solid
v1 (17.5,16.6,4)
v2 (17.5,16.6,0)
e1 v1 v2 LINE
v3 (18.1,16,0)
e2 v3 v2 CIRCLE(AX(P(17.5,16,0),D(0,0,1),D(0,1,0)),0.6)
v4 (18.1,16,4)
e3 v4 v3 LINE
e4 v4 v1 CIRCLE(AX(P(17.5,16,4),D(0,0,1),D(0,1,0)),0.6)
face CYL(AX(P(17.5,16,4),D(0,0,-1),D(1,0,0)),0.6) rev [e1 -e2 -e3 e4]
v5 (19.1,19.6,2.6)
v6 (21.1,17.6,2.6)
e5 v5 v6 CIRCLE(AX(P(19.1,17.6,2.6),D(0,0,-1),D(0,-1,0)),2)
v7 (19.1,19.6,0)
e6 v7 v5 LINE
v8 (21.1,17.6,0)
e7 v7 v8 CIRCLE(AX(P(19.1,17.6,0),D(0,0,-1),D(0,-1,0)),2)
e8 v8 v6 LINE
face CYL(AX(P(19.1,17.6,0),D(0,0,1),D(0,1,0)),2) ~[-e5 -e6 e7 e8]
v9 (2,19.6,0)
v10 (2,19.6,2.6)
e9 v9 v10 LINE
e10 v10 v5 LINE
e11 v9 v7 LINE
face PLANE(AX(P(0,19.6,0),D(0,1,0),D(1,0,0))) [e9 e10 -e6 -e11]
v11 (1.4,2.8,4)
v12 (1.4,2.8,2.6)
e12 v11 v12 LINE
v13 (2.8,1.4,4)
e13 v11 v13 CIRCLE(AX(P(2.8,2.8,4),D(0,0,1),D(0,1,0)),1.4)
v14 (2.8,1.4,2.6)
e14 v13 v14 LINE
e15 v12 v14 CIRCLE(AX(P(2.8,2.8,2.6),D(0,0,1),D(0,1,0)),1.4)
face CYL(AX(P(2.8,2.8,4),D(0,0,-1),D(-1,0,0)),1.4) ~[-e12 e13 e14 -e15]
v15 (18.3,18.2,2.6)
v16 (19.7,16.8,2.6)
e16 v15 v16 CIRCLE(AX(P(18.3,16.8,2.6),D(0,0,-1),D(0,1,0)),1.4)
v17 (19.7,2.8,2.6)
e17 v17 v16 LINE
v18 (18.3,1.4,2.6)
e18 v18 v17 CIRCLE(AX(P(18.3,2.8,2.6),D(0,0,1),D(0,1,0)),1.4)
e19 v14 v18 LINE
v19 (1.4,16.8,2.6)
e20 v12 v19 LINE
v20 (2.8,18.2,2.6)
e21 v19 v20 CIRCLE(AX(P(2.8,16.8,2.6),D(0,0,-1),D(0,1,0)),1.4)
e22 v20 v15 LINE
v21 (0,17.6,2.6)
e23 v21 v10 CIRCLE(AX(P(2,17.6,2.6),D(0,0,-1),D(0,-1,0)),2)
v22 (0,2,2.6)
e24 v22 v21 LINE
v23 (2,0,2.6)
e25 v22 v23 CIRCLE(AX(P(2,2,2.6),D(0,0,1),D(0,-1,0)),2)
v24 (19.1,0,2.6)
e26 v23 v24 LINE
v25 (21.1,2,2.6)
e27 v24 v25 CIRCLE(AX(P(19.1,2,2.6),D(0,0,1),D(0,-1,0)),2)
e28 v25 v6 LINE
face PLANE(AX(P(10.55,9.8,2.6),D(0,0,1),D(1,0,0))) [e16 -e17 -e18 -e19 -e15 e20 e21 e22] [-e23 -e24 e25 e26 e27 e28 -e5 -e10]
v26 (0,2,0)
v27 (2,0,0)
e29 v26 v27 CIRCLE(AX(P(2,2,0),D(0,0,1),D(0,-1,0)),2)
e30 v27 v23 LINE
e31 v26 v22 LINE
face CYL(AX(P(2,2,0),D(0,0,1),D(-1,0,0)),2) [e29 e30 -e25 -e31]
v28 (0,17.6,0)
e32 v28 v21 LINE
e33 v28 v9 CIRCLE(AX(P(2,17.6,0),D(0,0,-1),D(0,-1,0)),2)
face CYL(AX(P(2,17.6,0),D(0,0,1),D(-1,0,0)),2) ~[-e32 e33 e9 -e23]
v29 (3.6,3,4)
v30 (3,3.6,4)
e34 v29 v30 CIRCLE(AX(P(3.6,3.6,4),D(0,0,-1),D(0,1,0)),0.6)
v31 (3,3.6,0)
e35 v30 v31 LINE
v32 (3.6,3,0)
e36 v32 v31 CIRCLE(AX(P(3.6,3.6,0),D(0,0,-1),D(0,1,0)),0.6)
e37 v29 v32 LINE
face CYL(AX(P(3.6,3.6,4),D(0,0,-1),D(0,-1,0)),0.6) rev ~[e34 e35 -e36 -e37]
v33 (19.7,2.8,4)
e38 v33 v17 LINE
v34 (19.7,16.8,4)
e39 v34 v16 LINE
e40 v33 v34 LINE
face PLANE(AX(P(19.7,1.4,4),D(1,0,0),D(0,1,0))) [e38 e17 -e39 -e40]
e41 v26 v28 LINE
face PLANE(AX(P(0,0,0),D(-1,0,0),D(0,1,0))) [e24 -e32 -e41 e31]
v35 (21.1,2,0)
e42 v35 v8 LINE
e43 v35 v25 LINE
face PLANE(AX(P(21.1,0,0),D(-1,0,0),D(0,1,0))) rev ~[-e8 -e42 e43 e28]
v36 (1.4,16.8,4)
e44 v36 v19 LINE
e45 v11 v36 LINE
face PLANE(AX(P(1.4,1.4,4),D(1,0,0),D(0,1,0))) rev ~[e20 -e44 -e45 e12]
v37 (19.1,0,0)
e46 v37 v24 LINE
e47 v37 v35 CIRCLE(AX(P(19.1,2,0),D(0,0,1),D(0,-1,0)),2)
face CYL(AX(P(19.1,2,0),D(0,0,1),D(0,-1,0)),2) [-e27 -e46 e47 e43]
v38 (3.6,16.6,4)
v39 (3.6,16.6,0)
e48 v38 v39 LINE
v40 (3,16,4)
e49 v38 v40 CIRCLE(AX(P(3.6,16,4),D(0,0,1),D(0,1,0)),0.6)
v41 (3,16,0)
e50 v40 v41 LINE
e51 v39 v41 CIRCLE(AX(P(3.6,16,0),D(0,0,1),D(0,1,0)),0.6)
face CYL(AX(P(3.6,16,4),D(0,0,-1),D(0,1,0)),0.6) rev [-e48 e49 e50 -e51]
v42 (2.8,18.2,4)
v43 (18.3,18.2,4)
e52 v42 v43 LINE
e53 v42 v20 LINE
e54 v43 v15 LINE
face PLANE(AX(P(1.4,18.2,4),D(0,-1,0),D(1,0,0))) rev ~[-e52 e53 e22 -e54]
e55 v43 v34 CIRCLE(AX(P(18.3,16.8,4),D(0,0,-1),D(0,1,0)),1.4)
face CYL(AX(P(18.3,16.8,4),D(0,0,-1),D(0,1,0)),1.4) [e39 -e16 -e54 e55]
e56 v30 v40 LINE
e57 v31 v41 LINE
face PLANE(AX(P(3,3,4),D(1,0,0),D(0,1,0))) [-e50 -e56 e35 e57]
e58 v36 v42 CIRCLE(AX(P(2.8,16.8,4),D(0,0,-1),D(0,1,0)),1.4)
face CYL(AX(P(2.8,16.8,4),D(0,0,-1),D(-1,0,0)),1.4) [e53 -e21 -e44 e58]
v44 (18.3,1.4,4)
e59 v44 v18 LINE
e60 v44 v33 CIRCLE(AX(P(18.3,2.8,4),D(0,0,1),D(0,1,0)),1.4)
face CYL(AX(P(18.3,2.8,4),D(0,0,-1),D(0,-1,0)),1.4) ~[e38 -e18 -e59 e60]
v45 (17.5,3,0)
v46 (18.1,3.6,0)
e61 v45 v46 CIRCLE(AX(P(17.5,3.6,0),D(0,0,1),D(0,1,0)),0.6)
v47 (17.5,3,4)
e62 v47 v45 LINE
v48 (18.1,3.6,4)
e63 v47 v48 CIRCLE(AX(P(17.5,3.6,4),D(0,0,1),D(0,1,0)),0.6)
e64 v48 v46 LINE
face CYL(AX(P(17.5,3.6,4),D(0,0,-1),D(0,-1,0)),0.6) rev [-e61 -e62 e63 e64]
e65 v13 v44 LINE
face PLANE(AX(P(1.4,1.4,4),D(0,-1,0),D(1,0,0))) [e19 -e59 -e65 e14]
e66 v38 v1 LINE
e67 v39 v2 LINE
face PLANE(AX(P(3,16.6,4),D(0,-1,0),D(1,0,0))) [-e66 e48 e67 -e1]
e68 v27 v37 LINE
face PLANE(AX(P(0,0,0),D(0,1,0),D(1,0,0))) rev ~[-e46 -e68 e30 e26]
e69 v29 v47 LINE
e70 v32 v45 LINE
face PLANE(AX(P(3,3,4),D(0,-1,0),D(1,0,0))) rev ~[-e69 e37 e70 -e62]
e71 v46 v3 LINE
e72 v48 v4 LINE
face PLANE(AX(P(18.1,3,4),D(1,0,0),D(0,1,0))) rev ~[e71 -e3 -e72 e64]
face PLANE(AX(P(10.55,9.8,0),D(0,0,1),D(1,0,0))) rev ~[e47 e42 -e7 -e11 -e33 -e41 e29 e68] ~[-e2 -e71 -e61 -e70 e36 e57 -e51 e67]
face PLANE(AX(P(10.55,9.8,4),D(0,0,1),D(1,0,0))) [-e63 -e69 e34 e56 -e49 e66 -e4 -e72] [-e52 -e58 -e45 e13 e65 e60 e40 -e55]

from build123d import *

# Parameters (mm, degrees)
F0_W     = 21.1
F0_H     = 19.6
F1_DEPTH = 4
F2_W     = 21.1
F2_H     = 19.6
F2_W_2   = 18.3
F2_H_2   = 16.8
F3_DEPTH = 1.4
F4_W     = 15.1
F4_H     = 13.6
F5_DEPTH = 25
F6_R     = 2
F7_R     = 0.6
F8_R     = 1.4


with BuildPart() as f1:
    # F0 (on Top) → F1 (new body)
    with BuildSketch(Plane.XY):
        with Locations((10.55, 9.8)):
            Rectangle(F0_W, F0_H)
    extrude(amount=F1_DEPTH)

    # F2 (on face) → F3 (cut)
    with BuildSketch(Plane.XY.offset(4)):
        with Locations((10.55, 9.8)):
            Rectangle(F2_W, F2_H)
        with Locations((10.55, 9.8)):
            Rectangle(F2_W_2, F2_H_2, mode=Mode.SUBTRACT)
    extrude(amount=-F3_DEPTH, mode=Mode.SUBTRACT)

    # F4 (on face) → F5 (cut)
    with BuildSketch(Plane.XY.offset(4)):
        with Locations((10.55, 9.8)):
            Rectangle(F4_W, F4_H)
    extrude(amount=-F5_DEPTH, mode=Mode.SUBTRACT)

    # F6
    f6_edges = [f1.edges().sort_by_distance(p)[0] for p in [
        (21.1, 19.6, 1.3),
        (21.1, 0, 1.3),
        (0, 0, 1.3),
        (0, 19.6, 1.3),
    ]]
    fillet(f6_edges, radius=F6_R)

    # F7
    f7_edges = [f1.edges().sort_by_distance(p)[0] for p in [
        (3, 16.6, 2),
        (18.1, 16.6, 2),
        (18.1, 3, 2),
        (3, 3, 2),
    ]]
    fillet(f7_edges, radius=F7_R)

    # F8
    f8_edges = [f1.edges().sort_by_distance(p)[0] for p in [
        (1.4, 1.4, 3.3),
        (19.7, 1.4, 3.3),
        (19.7, 18.2, 3.3),
        (1.4, 18.2, 3.3),
    ]]
    fillet(f8_edges, radius=F8_R)


solid = f1.part
